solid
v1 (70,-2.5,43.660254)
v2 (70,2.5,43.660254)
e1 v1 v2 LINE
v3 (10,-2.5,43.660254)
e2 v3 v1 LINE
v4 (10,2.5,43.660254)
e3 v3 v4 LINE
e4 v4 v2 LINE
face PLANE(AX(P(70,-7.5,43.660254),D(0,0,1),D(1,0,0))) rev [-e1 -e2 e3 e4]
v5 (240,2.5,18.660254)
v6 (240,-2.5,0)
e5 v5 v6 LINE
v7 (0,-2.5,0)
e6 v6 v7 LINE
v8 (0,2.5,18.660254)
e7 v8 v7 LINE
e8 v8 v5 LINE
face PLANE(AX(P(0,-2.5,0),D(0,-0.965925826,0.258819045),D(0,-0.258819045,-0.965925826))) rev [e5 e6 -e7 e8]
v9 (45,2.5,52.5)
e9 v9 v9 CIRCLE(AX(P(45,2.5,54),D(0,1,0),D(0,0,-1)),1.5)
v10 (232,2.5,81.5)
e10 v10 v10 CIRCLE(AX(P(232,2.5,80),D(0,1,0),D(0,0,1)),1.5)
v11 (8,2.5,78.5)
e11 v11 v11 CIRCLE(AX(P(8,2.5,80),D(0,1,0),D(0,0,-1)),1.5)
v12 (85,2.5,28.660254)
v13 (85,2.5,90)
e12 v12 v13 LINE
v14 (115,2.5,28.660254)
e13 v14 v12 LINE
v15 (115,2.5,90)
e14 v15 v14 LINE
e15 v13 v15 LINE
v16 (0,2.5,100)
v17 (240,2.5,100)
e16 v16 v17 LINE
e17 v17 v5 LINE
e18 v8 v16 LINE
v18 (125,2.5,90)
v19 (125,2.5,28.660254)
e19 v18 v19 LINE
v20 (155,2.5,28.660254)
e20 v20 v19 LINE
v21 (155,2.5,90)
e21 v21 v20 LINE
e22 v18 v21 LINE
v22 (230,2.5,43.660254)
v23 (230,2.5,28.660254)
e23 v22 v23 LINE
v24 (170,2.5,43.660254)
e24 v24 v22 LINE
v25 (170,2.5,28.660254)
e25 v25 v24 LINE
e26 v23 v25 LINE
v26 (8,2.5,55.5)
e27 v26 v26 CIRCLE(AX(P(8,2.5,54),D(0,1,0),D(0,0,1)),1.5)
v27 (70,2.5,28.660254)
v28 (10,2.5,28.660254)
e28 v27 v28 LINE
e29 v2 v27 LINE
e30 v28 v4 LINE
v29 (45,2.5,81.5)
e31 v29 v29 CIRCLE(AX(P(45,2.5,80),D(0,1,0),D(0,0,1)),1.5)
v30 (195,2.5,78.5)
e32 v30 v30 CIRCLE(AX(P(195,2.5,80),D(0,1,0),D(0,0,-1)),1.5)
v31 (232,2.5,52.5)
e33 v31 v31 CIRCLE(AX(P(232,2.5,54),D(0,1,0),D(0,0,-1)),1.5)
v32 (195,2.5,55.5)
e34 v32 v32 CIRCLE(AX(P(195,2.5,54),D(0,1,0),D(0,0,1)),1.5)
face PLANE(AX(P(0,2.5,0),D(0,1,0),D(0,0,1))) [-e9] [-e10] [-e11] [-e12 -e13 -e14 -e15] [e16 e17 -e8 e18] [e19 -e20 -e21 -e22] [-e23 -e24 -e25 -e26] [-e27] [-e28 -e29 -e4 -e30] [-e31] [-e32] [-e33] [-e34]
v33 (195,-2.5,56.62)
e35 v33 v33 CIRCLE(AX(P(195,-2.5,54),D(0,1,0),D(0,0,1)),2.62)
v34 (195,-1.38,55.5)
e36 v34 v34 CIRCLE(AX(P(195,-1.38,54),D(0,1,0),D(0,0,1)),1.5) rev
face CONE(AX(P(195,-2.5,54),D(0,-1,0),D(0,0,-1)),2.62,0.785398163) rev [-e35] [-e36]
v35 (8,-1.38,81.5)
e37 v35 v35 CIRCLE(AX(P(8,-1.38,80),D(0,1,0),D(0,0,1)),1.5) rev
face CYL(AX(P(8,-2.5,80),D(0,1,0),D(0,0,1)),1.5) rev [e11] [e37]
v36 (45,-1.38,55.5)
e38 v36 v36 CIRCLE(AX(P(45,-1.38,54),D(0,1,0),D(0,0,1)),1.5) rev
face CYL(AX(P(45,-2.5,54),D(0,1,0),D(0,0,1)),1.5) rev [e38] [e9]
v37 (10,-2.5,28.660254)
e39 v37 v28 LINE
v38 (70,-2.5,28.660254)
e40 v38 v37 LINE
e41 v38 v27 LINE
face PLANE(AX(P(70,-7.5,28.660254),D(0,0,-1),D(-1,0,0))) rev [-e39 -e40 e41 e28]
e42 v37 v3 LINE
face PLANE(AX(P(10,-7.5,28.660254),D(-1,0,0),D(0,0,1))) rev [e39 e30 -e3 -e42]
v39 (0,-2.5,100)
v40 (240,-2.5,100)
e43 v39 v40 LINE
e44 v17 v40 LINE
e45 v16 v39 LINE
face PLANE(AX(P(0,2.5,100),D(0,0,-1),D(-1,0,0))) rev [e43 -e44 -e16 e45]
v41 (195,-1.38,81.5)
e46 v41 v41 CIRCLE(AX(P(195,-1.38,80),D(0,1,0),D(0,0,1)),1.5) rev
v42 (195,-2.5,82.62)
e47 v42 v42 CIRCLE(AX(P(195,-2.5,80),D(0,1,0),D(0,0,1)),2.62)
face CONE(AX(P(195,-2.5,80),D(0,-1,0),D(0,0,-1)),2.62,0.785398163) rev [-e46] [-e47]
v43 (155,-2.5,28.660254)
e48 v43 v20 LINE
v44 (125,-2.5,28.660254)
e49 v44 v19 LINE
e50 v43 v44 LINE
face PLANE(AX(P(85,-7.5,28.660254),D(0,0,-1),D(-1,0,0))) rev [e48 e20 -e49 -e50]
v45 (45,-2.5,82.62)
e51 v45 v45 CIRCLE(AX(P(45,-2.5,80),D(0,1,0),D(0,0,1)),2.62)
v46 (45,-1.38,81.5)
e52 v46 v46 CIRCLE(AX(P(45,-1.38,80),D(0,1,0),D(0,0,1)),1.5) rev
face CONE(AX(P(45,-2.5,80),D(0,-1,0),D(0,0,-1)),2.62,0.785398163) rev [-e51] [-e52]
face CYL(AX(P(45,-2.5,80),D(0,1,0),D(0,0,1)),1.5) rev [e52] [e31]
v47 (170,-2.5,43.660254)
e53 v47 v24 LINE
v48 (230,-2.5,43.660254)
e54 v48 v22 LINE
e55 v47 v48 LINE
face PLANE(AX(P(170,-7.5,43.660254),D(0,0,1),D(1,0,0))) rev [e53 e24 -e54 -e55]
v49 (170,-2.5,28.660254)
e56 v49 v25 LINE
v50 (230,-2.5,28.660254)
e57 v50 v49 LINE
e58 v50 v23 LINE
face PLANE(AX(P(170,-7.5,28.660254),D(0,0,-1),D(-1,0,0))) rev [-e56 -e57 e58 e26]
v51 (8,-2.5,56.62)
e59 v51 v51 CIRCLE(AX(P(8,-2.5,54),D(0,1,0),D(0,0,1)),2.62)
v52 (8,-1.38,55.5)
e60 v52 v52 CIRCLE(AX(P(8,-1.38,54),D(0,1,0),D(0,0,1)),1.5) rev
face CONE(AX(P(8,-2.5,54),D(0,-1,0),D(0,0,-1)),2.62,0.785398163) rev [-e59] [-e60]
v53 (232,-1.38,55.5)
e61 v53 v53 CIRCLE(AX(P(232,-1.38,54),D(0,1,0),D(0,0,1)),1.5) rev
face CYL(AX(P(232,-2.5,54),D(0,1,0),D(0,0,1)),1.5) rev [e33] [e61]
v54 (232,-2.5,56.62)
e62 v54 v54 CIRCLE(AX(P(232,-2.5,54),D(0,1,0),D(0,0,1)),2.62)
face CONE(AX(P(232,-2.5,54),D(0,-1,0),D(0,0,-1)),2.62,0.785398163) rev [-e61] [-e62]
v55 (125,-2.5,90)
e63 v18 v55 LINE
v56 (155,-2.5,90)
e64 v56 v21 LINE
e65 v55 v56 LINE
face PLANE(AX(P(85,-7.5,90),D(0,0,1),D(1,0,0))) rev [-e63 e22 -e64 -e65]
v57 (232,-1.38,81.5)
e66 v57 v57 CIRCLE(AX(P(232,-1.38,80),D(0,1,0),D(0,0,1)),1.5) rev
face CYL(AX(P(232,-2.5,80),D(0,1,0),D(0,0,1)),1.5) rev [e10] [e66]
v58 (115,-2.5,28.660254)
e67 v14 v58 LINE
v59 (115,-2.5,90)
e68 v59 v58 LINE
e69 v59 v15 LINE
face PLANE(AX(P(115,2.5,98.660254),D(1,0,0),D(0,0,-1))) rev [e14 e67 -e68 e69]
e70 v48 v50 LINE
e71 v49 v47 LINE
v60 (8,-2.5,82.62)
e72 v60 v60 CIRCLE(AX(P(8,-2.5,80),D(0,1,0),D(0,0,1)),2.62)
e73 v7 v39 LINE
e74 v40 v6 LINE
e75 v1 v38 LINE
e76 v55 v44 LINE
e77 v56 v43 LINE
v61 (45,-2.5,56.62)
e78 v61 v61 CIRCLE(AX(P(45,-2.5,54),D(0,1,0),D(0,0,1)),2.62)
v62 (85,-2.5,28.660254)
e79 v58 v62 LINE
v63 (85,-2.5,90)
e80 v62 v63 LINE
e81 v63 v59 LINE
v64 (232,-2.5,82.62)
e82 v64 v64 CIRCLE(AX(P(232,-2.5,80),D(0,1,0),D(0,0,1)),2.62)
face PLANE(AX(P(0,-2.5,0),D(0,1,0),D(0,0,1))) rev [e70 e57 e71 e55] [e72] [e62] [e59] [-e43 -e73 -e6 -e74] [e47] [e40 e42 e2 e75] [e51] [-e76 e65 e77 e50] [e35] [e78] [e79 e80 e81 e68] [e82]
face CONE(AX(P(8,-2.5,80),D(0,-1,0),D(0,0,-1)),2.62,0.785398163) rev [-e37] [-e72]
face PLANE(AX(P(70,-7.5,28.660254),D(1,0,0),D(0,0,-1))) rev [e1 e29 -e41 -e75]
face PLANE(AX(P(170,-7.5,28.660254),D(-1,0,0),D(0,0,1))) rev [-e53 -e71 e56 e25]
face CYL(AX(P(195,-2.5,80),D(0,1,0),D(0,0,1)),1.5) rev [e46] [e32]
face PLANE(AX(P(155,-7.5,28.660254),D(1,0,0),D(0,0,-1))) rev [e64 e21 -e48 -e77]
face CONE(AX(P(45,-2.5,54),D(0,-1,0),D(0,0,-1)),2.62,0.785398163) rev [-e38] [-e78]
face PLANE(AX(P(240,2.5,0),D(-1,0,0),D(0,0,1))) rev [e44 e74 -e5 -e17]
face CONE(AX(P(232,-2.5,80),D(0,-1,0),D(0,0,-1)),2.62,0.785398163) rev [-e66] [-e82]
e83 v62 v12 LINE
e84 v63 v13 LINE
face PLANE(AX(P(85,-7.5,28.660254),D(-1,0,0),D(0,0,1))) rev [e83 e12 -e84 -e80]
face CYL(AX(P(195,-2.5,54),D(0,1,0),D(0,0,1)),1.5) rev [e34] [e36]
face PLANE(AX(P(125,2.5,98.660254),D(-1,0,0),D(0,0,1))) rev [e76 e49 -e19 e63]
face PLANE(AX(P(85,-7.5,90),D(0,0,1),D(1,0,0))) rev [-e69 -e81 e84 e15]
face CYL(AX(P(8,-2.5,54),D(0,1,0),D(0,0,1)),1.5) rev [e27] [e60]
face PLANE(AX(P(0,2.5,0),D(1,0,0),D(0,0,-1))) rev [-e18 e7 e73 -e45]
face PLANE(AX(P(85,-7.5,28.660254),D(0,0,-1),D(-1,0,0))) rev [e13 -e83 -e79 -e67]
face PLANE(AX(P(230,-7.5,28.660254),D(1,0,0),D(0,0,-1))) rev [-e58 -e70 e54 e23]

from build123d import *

# Parameters (mm, degrees)
SKETCH_1_W          = 240
SKETCH_1_H          = 100
EXTRUDE_1_DEPTH     = 2.5
CUT_EXTRUDE_1_DEPTH = 261.012018953
SKETCH_3_R          = 1.5
CUT_EXTRUDE_2_DEPTH = 261.048072479
SKETCH_5_W          = 70
SKETCH_5_H          = 61.339745962
CUT_EXTRUDE_4_DEPTH = 10
SKETCH_6_W          = 60
SKETCH_6_H          = 15
CUT_EXTRUDE_5_DEPTH = 10
SKETCH_7_W          = 10
SKETCH_7_H          = 5
EXTRUDE_2_DEPTH     = 70
CHAMFER_1_SIZE      = 1.12


with BuildPart() as part:
    # 草图1 → 凸台-拉伸1 (new, symmetric)
    with BuildSketch(Plane(origin=(0, 0, 0), x_dir=(1, 0, 0), z_dir=(0, 1, 0))):
        with Locations((120, -50)):
            Rectangle(SKETCH_1_W, SKETCH_1_H)
    extrude(amount=EXTRUDE_1_DEPTH, both=True)

    # 草图2 → 切除-拉伸1 (cut, through all)
    with BuildSketch(Plane(origin=(240, 0, 0), x_dir=(0, 0, -1), z_dir=(1, 0, 0))):
        Polygon((0, -2.5), (-18.660254038, 2.5), (0, 2.5), align=None)
    extrude(amount=-CUT_EXTRUDE_1_DEPTH, mode=Mode.SUBTRACT)

    # 草图3 → 切除-拉伸2 (cut, through all)
    with BuildSketch(Plane(origin=(0, 2.5, 0), x_dir=(1, 0, 0), z_dir=(0, 1, 0))):
        with Locations(Location((45, -80, 0), (0, 0, 270))):
            Circle(SKETCH_3_R)
        with Locations(Location((45, -54, 0), (0, 0, 90))):
            Circle(SKETCH_3_R)
        with Locations(Location((8, -80, 0), (0, 0, 90))):
            Circle(SKETCH_3_R)
        with Locations(Location((8, -54, 0), (0, 0, 270))):
            Circle(SKETCH_3_R)
        with Locations(Location((195, -80, 0), (0, 0, 90))):
            Circle(SKETCH_3_R)
        with Locations(Location((195, -54, 0), (0, 0, 270))):
            Circle(SKETCH_3_R)
        with Locations(Location((232, -80, 0), (0, 0, 270))):
            Circle(SKETCH_3_R)
        with Locations(Location((232, -54, 0), (0, 0, 90))):
            Circle(SKETCH_3_R)
    extrude(amount=-CUT_EXTRUDE_2_DEPTH, mode=Mode.SUBTRACT)

    # 草图5 → 切除-拉伸4 (cut)
    with BuildSketch(Plane(origin=(0, 2.5, 0), x_dir=(1, 0, 0), z_dir=(0, 1, 0))):
        with Locations((120, -59.330127019)):
            Rectangle(SKETCH_5_W, SKETCH_5_H)
    extrude(amount=-CUT_EXTRUDE_4_DEPTH, mode=Mode.SUBTRACT)

    # 草图6 → 切除-拉伸5 (cut)
    with BuildSketch(Plane(origin=(0, 2.5, 0), x_dir=(1, 0, 0), z_dir=(0, 1, 0))):
        with Locations((40, -36.160254038)):
            Rectangle(SKETCH_6_W, SKETCH_6_H)
        with Locations((200, -36.160254038)):
            Rectangle(SKETCH_6_W, SKETCH_6_H)
    extrude(amount=-CUT_EXTRUDE_5_DEPTH, mode=Mode.SUBTRACT)

    # 草图7 → 凸台-拉伸2 (add)
    with BuildSketch(Plane.XY.offset(28.660254038)):
        with Locations((120, 0)):
            Rectangle(SKETCH_7_W, SKETCH_7_H)
    extrude(amount=EXTRUDE_2_DEPTH)

    # 倒角1
    chamfer_1_edges = [part.edges().sort_by_distance(p)[0] for p in [
        (195, -2.5, 81.5),
        (8, -2.5, 52.5),
        (8, -2.5, 81.5),
        (45, -2.5, 55.5),
        (232, -2.5, 55.5),
        (232, -2.5, 78.5),
        (195, -2.5, 52.5),
        (45, -2.5, 78.5),
    ]]
    chamfer(chamfer_1_edges, length=CHAMFER_1_SIZE)


solid = part.part
